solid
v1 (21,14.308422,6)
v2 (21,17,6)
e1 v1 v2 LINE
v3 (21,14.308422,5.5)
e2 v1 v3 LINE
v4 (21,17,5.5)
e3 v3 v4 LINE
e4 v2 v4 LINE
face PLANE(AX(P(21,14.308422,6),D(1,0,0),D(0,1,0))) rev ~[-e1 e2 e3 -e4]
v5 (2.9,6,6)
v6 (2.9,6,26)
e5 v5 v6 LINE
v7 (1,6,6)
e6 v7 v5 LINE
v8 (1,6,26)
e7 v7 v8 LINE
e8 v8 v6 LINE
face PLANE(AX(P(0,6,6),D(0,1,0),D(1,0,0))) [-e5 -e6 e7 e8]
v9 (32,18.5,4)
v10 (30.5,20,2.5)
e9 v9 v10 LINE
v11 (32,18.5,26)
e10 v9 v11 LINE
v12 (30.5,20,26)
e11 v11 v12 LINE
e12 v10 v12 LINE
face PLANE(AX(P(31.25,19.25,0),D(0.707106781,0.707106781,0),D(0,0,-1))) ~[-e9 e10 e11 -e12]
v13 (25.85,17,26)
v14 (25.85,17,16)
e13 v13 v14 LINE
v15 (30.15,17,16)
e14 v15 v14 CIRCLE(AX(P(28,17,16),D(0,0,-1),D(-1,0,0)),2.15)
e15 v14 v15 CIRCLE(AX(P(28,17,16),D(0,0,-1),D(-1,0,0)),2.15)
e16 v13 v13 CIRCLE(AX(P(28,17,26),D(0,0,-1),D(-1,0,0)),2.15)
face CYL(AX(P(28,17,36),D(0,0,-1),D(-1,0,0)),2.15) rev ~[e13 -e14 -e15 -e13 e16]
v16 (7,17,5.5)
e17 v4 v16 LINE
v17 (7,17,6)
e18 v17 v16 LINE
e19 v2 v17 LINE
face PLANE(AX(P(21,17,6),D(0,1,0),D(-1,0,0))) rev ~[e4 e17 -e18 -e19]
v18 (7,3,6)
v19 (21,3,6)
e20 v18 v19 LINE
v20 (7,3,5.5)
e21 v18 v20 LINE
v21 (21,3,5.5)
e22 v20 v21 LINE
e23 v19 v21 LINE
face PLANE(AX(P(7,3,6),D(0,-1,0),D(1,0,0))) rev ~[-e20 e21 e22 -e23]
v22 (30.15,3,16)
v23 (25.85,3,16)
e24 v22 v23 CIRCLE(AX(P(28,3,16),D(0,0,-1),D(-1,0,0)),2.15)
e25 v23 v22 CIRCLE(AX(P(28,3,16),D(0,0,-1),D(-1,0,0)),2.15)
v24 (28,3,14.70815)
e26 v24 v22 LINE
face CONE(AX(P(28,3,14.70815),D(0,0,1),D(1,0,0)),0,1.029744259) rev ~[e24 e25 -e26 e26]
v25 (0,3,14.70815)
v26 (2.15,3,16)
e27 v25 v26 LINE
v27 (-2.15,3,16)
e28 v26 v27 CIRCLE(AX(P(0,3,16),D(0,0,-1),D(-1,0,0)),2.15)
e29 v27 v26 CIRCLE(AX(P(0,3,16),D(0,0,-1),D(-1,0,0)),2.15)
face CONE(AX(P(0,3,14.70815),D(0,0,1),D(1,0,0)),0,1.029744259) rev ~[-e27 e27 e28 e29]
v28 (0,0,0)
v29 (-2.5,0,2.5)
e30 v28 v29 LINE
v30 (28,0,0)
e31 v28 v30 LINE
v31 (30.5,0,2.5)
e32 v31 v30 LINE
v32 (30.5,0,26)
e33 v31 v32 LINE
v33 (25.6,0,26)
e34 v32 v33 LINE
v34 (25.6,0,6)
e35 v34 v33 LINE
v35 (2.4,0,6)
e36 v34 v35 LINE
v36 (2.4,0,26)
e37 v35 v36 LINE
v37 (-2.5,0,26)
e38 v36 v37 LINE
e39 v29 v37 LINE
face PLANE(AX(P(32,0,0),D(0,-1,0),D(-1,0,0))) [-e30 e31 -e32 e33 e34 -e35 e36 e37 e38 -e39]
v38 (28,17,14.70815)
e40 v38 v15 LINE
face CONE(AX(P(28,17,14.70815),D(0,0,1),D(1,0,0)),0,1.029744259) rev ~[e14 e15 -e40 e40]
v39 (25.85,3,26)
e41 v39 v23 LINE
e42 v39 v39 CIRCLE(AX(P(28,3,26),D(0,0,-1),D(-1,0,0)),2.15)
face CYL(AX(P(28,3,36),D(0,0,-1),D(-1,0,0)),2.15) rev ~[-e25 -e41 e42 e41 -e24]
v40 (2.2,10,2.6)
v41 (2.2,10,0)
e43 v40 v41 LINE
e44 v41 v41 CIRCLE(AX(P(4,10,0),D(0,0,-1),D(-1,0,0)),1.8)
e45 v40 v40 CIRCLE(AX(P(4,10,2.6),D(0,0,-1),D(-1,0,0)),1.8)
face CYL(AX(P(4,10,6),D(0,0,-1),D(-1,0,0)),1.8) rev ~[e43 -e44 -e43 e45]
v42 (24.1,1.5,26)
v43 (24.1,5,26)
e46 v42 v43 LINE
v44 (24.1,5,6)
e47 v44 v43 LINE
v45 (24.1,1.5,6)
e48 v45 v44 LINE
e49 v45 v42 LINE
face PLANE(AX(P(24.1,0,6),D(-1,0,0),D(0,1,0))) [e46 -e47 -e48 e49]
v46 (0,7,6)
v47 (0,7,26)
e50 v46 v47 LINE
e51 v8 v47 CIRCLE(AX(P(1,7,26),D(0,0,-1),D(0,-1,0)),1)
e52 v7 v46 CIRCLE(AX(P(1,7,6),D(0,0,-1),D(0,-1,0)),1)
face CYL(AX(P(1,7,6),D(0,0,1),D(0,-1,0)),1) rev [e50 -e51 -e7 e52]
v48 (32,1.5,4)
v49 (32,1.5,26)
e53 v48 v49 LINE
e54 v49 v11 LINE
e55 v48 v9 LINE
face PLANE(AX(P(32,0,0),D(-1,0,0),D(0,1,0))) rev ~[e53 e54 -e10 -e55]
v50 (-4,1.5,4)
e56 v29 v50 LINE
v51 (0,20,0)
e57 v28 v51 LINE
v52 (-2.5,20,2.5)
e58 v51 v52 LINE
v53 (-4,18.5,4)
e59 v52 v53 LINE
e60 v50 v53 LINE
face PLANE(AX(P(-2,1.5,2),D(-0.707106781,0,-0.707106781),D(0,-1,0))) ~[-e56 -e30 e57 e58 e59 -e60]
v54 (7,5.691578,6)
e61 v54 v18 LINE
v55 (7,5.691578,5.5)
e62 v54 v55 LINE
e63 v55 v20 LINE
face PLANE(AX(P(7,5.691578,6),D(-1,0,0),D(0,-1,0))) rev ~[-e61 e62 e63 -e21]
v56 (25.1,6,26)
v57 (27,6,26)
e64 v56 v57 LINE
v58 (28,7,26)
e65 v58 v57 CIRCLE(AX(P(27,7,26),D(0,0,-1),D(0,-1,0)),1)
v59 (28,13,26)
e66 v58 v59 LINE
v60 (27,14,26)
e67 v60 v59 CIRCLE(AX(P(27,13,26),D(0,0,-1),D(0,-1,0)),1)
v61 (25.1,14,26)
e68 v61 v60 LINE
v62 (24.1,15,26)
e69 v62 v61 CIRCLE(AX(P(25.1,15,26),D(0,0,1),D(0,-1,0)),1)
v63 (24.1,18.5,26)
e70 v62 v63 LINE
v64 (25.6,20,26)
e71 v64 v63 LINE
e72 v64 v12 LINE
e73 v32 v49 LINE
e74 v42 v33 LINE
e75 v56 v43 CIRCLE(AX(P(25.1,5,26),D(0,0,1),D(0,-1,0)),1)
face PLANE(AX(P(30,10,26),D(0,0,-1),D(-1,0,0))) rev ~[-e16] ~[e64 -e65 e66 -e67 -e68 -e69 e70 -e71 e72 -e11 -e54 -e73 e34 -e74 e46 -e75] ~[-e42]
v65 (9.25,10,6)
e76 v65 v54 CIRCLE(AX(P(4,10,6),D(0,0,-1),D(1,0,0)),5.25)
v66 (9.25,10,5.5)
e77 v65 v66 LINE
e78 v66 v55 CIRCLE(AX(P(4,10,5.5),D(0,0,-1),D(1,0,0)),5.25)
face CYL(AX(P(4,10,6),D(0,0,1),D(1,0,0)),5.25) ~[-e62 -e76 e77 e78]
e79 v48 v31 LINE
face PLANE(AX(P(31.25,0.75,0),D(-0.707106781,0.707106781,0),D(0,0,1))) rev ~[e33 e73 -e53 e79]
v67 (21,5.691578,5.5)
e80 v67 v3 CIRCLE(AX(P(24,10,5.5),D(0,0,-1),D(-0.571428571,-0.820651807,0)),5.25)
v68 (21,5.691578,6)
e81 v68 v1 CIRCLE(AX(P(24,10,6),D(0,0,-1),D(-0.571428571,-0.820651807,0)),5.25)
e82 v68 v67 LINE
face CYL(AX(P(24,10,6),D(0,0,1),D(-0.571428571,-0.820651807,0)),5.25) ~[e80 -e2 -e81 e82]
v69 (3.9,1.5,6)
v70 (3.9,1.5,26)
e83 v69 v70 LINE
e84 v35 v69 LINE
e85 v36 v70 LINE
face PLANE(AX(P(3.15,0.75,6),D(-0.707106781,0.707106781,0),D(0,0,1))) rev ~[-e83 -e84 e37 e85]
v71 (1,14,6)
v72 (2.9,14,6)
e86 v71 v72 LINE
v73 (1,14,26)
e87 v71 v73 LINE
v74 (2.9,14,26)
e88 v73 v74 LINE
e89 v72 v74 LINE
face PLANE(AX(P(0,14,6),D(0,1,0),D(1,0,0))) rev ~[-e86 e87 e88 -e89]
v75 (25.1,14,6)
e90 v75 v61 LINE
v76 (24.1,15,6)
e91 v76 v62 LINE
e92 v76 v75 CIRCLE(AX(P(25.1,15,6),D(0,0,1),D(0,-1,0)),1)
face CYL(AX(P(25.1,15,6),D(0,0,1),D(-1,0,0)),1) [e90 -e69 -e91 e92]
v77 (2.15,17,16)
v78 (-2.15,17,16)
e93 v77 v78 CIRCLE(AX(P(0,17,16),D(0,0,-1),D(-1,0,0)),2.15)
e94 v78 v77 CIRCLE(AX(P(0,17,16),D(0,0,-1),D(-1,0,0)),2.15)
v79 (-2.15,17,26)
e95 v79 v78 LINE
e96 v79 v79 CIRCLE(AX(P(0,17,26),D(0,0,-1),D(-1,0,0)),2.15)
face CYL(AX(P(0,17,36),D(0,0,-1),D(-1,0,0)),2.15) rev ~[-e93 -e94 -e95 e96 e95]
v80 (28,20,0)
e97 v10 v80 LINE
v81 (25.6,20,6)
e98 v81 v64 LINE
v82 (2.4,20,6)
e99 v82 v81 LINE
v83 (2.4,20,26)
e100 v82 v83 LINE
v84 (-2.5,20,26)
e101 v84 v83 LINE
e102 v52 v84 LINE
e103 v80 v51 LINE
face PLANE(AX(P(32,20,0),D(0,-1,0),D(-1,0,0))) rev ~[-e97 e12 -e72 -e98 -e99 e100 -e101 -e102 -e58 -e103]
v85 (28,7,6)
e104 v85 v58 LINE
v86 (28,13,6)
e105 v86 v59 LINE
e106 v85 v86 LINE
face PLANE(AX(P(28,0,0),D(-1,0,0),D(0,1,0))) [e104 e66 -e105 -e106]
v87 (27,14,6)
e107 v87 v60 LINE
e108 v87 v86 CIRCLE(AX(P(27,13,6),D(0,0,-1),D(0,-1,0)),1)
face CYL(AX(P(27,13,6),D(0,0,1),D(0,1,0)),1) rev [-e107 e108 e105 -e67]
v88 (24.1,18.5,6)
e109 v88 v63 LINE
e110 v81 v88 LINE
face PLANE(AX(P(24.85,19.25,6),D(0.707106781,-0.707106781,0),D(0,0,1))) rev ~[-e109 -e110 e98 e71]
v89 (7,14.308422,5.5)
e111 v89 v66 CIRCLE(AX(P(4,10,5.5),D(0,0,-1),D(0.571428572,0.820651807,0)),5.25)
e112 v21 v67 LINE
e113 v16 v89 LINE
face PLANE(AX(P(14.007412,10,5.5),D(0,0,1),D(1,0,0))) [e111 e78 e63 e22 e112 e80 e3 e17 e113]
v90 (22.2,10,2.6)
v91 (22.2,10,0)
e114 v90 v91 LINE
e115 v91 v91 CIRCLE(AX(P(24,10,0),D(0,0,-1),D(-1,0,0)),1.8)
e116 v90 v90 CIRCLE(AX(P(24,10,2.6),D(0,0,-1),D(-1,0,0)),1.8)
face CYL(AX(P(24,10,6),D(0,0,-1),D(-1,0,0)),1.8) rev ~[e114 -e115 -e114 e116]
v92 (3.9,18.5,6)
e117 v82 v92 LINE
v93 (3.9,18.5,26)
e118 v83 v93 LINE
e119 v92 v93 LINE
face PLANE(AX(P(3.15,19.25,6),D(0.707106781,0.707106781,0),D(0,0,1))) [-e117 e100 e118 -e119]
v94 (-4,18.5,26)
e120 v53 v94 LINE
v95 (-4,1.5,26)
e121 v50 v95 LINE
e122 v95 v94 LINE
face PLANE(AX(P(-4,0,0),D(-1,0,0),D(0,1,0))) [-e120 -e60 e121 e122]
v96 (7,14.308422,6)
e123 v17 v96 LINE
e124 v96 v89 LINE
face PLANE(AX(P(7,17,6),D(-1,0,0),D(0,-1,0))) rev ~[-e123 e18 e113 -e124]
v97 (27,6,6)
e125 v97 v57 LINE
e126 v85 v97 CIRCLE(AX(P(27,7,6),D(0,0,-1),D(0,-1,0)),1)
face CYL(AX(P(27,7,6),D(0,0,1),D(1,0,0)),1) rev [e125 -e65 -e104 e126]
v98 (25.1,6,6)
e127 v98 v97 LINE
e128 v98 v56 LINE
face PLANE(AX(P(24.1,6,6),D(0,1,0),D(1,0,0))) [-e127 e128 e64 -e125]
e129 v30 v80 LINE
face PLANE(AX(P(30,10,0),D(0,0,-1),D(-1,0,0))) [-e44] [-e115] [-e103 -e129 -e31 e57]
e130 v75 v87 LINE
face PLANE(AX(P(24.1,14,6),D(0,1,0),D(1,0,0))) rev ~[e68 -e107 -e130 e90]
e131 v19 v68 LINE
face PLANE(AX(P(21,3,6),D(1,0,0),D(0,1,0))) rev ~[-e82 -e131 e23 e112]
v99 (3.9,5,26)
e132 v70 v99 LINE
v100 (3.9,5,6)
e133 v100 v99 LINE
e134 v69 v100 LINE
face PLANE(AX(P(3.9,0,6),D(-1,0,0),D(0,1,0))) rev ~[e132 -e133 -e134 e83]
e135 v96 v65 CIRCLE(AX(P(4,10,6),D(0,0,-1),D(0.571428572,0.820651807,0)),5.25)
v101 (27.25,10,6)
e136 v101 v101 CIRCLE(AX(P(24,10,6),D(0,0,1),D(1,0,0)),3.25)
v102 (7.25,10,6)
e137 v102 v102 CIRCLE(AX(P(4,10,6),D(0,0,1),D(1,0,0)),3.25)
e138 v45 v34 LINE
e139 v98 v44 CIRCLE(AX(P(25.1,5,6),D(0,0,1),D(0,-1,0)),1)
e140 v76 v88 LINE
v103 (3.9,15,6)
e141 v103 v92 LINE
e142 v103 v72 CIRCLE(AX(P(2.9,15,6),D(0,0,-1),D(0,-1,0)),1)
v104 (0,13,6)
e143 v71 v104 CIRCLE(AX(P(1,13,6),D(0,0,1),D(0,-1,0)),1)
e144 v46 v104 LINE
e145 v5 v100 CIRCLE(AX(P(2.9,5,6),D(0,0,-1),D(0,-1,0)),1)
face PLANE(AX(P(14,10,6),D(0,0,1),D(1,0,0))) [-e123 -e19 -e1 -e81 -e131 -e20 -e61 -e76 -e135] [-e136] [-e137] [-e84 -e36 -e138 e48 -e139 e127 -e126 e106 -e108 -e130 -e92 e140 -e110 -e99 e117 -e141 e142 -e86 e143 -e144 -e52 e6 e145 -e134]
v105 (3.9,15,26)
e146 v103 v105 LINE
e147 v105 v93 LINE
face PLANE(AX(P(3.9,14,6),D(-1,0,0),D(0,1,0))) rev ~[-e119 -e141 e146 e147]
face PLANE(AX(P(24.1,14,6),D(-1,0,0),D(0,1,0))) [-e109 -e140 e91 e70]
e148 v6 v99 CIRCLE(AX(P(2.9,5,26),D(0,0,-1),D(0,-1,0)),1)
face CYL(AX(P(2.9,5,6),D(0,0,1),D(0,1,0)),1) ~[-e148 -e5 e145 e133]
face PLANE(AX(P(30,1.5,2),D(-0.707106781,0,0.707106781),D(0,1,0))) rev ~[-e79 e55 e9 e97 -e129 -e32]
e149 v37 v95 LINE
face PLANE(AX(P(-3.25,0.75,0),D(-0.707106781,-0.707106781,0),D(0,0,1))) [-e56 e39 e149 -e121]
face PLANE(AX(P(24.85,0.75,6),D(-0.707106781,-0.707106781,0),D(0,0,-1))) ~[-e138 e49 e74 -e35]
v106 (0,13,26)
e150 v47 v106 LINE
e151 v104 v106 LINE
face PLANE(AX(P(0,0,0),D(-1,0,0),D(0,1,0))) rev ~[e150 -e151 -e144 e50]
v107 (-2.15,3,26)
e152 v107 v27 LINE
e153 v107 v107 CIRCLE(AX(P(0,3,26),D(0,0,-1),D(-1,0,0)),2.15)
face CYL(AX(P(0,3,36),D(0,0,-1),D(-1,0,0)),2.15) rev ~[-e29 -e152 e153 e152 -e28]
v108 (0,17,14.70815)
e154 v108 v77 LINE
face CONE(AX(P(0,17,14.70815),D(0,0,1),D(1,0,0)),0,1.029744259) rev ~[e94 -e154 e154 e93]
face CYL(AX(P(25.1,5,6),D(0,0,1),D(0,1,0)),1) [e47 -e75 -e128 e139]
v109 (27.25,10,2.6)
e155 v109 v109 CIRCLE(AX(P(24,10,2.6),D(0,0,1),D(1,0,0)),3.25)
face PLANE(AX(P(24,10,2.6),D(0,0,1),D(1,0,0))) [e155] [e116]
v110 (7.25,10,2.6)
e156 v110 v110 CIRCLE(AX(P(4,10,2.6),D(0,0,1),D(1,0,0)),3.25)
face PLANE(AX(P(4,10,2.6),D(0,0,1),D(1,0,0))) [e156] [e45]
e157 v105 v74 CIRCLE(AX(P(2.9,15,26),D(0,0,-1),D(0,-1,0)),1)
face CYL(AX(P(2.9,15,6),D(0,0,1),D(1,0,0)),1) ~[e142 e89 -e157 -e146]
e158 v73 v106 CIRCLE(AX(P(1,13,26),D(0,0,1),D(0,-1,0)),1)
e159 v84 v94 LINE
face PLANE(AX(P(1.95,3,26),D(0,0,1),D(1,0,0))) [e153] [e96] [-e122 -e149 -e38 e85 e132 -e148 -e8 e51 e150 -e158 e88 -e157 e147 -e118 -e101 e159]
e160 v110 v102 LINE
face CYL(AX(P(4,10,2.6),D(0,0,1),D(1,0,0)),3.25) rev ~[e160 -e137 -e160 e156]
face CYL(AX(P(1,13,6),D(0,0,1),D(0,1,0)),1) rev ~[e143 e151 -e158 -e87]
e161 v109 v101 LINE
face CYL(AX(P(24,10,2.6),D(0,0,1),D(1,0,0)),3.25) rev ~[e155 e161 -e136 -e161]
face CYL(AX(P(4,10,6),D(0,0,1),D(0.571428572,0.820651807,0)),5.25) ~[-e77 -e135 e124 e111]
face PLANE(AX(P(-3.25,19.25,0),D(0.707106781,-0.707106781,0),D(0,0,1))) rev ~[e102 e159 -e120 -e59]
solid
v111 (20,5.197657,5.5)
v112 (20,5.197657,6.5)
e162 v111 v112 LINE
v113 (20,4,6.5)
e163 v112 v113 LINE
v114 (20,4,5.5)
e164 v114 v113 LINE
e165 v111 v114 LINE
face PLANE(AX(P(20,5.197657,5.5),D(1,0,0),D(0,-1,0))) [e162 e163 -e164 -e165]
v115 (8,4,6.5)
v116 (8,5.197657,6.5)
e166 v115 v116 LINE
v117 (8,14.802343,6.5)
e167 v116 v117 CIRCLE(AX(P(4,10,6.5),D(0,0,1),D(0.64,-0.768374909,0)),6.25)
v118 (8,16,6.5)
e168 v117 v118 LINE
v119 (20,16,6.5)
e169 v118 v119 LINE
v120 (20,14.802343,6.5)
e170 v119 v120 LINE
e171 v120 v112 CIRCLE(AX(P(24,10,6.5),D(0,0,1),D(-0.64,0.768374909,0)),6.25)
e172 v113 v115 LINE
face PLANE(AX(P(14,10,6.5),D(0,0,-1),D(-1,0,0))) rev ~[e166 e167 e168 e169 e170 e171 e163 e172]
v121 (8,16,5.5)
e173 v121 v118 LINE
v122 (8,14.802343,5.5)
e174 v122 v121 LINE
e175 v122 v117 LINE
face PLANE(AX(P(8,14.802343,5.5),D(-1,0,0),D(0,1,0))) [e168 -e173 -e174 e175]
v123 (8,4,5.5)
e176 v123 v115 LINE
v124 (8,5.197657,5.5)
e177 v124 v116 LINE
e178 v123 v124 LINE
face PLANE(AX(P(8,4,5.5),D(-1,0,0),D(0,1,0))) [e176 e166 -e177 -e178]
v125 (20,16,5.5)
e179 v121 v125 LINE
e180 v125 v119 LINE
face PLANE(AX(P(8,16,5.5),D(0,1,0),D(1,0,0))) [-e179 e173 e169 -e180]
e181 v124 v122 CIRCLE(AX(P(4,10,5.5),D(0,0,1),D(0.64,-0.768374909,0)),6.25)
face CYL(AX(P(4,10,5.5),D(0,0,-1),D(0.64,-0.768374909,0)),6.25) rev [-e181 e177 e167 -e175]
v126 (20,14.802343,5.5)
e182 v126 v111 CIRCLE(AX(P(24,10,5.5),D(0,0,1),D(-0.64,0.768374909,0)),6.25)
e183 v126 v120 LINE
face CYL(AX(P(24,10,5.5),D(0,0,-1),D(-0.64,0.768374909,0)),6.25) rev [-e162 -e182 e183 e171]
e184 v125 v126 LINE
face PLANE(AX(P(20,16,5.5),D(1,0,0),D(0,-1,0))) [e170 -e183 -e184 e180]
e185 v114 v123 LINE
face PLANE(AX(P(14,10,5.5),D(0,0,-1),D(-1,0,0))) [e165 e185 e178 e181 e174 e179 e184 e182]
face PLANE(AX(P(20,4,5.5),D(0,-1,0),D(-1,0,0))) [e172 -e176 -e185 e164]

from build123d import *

# Parameters (mm, degrees)
SKETCH1_W                                           = 28
SKETCH1_H                                           = 20
BOSS_EXTRUDE1_DEPTH                                 = 6
CBORE_FOR_M3_HEX_SOCKET_HEAD_CAP_SCREW1_D           = 3.6
CBORE_FOR_M3_HEX_SOCKET_HEAD_CAP_SCREW1_CBORE_D     = 6.5
CBORE_FOR_M3_HEX_SOCKET_HEAD_CAP_SCREW1_CBORE_DEPTH = 3.4
SKETCH5_W                                           = 3.9
SKETCH5_H                                           = 6
BOSS_EXTRUDE2_DEPTH                                 = 20
SKETCH6_W                                           = 4
SKETCH6_H                                           = 20
BOSS_EXTRUDE3_DEPTH                                 = 26
FILLET1_R                                           = 1
F_4_3_4_3_DIAMETER_HOLE1_D                          = 4.3
F_4_3_4_3_DIAMETER_HOLE1_DEPTH                      = 10
F_4_3_4_3_DIAMETER_HOLE1_TIP                        = 1.291850331
CHAMFER1_SIZE                                       = 1.5
CUT_EXTRUDE1_DEPTH                                  = 0.5
BOSS_EXTRUDE4_DEPTH                                 = 1
CHAMFER3_SIZE                                       = 4


with BuildPart() as part:
    # Sketch1 → Boss-Extrude1 (new body)
    with BuildSketch(Plane.XY):
        with Locations((14, 10)):
            Rectangle(SKETCH1_W, SKETCH1_H)
    extrude(amount=BOSS_EXTRUDE1_DEPTH)

    # CBORE for M3 Hex Socket Head Cap Screw1 (through all)
    with Locations(Plane.XY.offset(6)):
        with Locations((4, 10), (24, 10)):
            CounterBoreHole(CBORE_FOR_M3_HEX_SOCKET_HEAD_CAP_SCREW1_D / 2, CBORE_FOR_M3_HEX_SOCKET_HEAD_CAP_SCREW1_CBORE_D / 2, CBORE_FOR_M3_HEX_SOCKET_HEAD_CAP_SCREW1_CBORE_DEPTH)

    # Sketch5 → Boss-Extrude2 (add)
    with BuildSketch(Plane.XY.offset(6)):
        with Locations((26.05, 17)):
            Rectangle(SKETCH5_W, SKETCH5_H)
        with Locations((1.95, 17)):
            Rectangle(SKETCH5_W, SKETCH5_H)
        with Locations((26.05, 3)):
            Rectangle(SKETCH5_W, SKETCH5_H)
        with Locations((1.95, 3)):
            Rectangle(SKETCH5_W, SKETCH5_H)
    extrude(amount=BOSS_EXTRUDE2_DEPTH)

    # Sketch6 → Boss-Extrude3 (add)
    with BuildSketch(Plane(origin=(0, 0, 0), x_dir=(-1, 0, 0), z_dir=(0, 0, -1))):
        with Locations((-30, 10)):
            Rectangle(SKETCH6_W, SKETCH6_H)
        with Locations((2, 10)):
            Rectangle(SKETCH6_W, SKETCH6_H)
    extrude(amount=-BOSS_EXTRUDE3_DEPTH)

    # Fillet1
    fillet1_edges = [part.edges().sort_by_distance(p)[0] for p in [
        (0, 14, 16),
        (3.9, 14, 16),
        (24.1, 14, 16),
        (28, 14, 16),
        (28, 6, 16),
        (24.1, 6, 16),
        (3.9, 6, 16),
        (0, 6, 16),
    ]]
    fillet(fillet1_edges, radius=FILLET1_R)

    # Ø4.3 (4.3) Diameter Hole1
    with Locations(Plane.XY.offset(26)):
        with Locations((28, 17), (0, 17), (0, 3), (28, 3)):
            Hole(F_4_3_4_3_DIAMETER_HOLE1_D / 2, depth=F_4_3_4_3_DIAMETER_HOLE1_DEPTH)
            with Locations((0, 0, -(F_4_3_4_3_DIAMETER_HOLE1_DEPTH + F_4_3_4_3_DIAMETER_HOLE1_TIP / 2))):  # 118° drill point
                Cone(0, F_4_3_4_3_DIAMETER_HOLE1_D / 2, F_4_3_4_3_DIAMETER_HOLE1_TIP, mode=Mode.SUBTRACT)

    # Chamfer1
    chamfer1_edges = [part.edges().sort_by_distance(p)[0] for p in [
        (3.9, 20, 16),
        (24.1, 20, 16),
        (24.1, 0, 16),
        (3.9, 0, 16),
        (32, 0, 13),
        (32, 20, 13),
        (-4, 20, 13),
        (-4, 0, 13),
    ]]
    chamfer(chamfer1_edges, length=CHAMFER1_SIZE)

    # Sketch9 → Cut-Extrude1 (cut)
    with BuildSketch(Plane.XY.offset(6)):
        with BuildLine():
            Line((21, 17), (7, 17))
            Line((7, 17), (7, 14.308421985))
            ThreePointArc((7, 14.308421985), (8.653627617, 12.430277762), (9.25, 10))
            ThreePointArc((9.25, 10), (8.653627617, 7.569722238), (7, 5.691578015))
            Line((7, 5.691578015), (7, 3))
            Line((7, 3), (21, 3))
            Line((21, 3), (21, 5.691578015))
            ThreePointArc((21, 5.691578015), (18.75, 10), (21, 14.308421985))
            Line((21, 14.308421985), (21, 17))
        make_face()
    extrude(amount=-CUT_EXTRUDE1_DEPTH, mode=Mode.SUBTRACT)

    # Chamfer3
    chamfer3_edges = [part.edges().sort_by_distance(p)[0] for p in [
        (-4, 10, 0),
        (32, 10, 0),
    ]]
    chamfer(chamfer3_edges, length=CHAMFER3_SIZE)


with BuildPart() as body_2:
    # Sketch10 → Boss-Extrude4 (new body)
    with BuildSketch(Plane.XY.offset(5.5)):
        with BuildLine():
            ThreePointArc((8, 5.197656822), (10.25, 10), (8, 14.802343178))
            Line((8, 14.802343178), (8, 16))
            Line((8, 16), (20, 16))
            Line((20, 16), (20, 14.802343178))
            ThreePointArc((20, 14.802343178), (17.75, 10), (20, 5.197656822))
            Line((20, 5.197656822), (20, 4))
            Line((20, 4), (8, 4))
            Line((8, 4), (8, 5.197656822))
        make_face()
    extrude(amount=BOSS_EXTRUDE4_DEPTH)


solid = Compound([part.part, body_2.part])
